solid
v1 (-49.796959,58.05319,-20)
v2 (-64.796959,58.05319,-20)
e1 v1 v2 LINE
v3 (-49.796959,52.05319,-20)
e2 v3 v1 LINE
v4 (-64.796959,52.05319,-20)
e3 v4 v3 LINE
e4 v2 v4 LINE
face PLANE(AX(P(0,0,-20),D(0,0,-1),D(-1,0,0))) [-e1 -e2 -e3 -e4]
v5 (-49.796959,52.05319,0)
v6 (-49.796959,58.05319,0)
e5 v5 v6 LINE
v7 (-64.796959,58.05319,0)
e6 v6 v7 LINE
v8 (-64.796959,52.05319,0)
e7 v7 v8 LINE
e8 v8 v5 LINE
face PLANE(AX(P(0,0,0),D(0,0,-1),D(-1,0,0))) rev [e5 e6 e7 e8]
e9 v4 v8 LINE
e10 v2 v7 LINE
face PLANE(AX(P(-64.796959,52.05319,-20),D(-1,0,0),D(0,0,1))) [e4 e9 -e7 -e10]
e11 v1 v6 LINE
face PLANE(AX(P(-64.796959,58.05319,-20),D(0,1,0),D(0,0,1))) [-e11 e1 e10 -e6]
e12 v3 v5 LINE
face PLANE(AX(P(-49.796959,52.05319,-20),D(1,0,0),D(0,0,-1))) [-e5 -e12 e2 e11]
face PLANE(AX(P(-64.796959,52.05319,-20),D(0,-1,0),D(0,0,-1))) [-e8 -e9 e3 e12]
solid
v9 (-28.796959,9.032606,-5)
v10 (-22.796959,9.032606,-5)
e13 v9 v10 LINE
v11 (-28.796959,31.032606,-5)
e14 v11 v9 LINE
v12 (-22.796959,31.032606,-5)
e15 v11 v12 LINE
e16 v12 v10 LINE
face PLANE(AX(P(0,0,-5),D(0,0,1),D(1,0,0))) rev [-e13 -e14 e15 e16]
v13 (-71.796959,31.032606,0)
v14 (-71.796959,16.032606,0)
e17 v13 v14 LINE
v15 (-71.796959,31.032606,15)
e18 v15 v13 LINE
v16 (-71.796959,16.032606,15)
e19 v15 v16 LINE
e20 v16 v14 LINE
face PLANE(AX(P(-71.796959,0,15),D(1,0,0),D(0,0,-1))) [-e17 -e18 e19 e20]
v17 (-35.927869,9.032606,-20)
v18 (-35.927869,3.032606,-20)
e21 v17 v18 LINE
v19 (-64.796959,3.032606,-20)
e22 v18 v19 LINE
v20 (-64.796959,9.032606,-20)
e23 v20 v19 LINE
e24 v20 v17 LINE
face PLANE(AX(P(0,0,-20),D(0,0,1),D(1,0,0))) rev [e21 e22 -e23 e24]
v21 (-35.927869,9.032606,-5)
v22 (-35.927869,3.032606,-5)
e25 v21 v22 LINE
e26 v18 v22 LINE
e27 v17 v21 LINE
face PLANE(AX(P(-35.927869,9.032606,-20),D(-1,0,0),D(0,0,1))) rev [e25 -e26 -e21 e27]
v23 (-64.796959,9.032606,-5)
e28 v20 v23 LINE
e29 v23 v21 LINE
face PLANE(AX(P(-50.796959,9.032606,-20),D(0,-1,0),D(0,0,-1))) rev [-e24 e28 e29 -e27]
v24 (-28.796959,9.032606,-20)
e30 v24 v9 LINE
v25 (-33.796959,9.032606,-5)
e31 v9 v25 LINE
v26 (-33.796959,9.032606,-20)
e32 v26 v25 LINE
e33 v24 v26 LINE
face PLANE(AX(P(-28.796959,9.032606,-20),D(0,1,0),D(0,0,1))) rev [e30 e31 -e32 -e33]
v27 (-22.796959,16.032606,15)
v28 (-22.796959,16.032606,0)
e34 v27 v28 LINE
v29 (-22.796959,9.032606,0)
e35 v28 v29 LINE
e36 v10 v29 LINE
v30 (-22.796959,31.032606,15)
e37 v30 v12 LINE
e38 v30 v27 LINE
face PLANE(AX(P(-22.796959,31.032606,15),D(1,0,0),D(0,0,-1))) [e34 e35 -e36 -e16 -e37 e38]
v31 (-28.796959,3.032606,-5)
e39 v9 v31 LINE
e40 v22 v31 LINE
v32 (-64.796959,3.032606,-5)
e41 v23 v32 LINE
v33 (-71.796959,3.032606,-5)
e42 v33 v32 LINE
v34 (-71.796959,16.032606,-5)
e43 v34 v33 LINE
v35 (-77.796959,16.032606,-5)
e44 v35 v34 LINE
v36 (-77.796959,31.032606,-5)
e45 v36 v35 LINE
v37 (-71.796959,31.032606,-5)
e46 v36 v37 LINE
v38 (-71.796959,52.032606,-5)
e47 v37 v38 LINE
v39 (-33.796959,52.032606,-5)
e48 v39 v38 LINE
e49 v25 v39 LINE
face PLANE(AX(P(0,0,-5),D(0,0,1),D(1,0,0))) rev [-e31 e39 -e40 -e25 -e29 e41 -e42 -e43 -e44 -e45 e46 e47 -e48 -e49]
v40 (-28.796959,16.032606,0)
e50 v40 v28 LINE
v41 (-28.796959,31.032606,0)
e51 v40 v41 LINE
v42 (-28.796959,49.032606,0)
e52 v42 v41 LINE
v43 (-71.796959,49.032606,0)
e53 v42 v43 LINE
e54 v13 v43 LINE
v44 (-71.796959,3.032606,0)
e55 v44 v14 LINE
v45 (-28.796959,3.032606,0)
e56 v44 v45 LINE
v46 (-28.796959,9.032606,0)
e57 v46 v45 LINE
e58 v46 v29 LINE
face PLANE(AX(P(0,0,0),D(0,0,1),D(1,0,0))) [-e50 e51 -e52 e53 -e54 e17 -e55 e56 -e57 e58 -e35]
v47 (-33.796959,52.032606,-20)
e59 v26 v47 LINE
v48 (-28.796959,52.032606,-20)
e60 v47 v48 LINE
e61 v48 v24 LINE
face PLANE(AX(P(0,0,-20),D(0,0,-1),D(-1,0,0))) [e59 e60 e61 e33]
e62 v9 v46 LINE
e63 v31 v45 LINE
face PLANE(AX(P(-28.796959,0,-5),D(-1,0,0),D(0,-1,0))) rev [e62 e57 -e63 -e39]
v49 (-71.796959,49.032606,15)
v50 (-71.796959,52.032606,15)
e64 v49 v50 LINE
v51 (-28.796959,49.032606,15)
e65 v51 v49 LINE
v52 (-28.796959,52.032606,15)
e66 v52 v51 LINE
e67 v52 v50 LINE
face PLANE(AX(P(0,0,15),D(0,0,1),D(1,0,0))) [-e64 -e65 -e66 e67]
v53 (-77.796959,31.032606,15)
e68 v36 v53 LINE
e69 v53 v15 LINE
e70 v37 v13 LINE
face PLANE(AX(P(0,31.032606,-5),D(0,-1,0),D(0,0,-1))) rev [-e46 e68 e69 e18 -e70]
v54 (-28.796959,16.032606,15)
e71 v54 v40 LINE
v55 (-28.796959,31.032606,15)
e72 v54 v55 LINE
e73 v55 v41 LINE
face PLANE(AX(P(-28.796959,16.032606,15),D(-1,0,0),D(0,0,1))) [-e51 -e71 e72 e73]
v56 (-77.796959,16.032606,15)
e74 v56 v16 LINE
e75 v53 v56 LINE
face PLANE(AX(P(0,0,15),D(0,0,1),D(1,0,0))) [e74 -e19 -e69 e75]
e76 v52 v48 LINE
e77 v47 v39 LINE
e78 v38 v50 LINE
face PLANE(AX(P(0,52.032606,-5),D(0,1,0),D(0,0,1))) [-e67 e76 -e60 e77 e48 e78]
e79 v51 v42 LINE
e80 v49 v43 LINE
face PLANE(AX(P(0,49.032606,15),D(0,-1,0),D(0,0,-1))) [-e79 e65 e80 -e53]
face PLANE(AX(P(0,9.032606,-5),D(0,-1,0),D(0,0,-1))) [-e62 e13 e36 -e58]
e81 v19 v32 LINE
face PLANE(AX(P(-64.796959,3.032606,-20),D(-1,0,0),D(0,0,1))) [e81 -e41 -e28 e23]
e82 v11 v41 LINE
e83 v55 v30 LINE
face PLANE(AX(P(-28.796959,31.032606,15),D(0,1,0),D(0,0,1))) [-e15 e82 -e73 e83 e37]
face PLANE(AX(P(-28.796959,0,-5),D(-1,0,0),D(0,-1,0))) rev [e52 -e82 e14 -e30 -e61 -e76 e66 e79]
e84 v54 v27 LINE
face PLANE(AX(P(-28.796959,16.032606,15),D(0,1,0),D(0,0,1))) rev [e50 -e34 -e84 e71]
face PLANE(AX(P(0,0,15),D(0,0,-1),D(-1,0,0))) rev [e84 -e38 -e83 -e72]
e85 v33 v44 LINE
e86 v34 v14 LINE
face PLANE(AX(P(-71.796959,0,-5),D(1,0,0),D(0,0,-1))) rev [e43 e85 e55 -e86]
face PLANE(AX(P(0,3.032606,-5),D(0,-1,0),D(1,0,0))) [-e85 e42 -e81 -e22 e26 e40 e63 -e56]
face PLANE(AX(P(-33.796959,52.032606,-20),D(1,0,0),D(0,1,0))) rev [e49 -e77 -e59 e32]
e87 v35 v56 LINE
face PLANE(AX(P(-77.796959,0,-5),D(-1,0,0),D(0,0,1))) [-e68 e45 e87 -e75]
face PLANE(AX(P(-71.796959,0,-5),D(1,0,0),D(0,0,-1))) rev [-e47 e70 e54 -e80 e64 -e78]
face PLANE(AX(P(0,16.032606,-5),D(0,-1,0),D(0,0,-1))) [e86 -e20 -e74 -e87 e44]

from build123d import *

# Parameters (mm, degrees)
SKETCH_1_W          = 6
SKETCH_1_H          = 15
EXTRUDE_3_DEPTH     = 15
SKETCH_1_7_W        = 6
SKETCH_1_7_H        = 15
EXTRUDE_3_2_DEPTH   = 15
EXTRUDE_4_DEPTH     = 15
SKETCH_1_11_W       = 18
SKETCH_1_11_H       = 18
SKETCH_1_11_W_2     = 6
SKETCH_1_11_H_2     = 15
SKETCH_1_11_W_3     = 15
SKETCH_1_11_H_3     = 6
SKETCH_1_11_W_4     = 7
EXTRUDE_5_DEPTH     = 5
SKETCH_1_13_W       = 3
SKETCH_1_13_H       = 40
EXTRUDE_10_DEPTH    = 20
SKETCH_3_W          = 14.869090603
SKETCH_3_H          = 6
EXTRUDE_15_DEPTH    = 15
SKETCH_4_W          = 22
SKETCH_4_H          = 6
SKETCH_4_W_2        = 7
CUT_EXTRUDE_2_DEPTH = 100.096671025
SKETCH_8_W          = 14.869090603
SKETCH_8_H          = 6
CUT_EXTRUDE_3_DEPTH = 104.17533721
SKETCH_10_W         = 15
SKETCH_10_H         = 6
EXTRUDE_16_DEPTH    = 20
SKETCH_15_W         = 7
SKETCH_15_H         = 6
EXTRUDE_17_DEPTH    = 5
SKETCH_16_W         = 15
SKETCH_16_H         = 6
EXTRUDE_18_DEPTH    = 20
SKETCH_17_W         = 3
SKETCH_17_H         = 40
CUT_EXTRUDE_5_DEPTH = 100.108727035
SKETCH_18_W         = 5
SKETCH_18_H         = 43
EXTRUDE_19_DEPTH    = 15


with BuildPart() as part:
    # 草图1 → Extrude 3 (new body)
    with BuildSketch(Plane.XY):
        with Locations((-25.796959303, 23.532605762)):
            Rectangle(SKETCH_1_W, SKETCH_1_H)
    extrude(amount=EXTRUDE_3_DEPTH)



with BuildPart() as body_2:
    # 草图1<7> → Extrude 3 2 (new body)
    with BuildSketch(Plane.XY):
        with Locations((-74.796959303, 23.532605762)):
            Rectangle(SKETCH_1_7_W, SKETCH_1_7_H)
    extrude(amount=EXTRUDE_3_2_DEPTH)


with BuildPart() as body_3:
    # 草图1<8> → 凸台-拉伸4 (new body)
    with BuildSketch(Plane.XY):
        Polygon((-71.796959303, 49.032605762), (-68.796959303, 49.032605762), (-50.796959303, 49.032605762), (-28.796959303, 49.032605762), (-28.796959303, 52.032605762), (-35.796959303, 52.032605762), (-50.796959303, 52.032605762), (-71.796959303, 52.032605762), align=None)
    extrude(amount=EXTRUDE_4_DEPTH)


with BuildPart() as part_1:
    add(part.part)

    add(body_2.part)  # 凸台-拉伸5 merges body 2

    add(body_3.part)  # 凸台-拉伸5 merges body 3
    # 草图1<11> → 凸台-拉伸5 (add)
    with BuildSketch(Plane.XY):
        Polygon((-68.796959303, 9.032605762), (-50.796959303, 9.032605762), (-35.796959303, 9.032605762), (-35.796959303, 3.032605762), (-28.796959303, 3.032605762), (-28.796959303, 9.032605762), (-22.796959303, 9.032605762), (-22.796959303, 16.032605762), (-28.796959303, 16.032605762), (-28.796959303, 31.032605762), (-28.796959303, 49.032605762), (-50.796959303, 49.032605762), (-50.796959303, 31.032605762), (-68.796959303, 31.032605762), align=None)
        with Locations((-59.796959303, 40.032605762)):
            Rectangle(SKETCH_1_11_W, SKETCH_1_11_H)
        with Locations((-25.796959303, 23.532605762)):
            Rectangle(SKETCH_1_11_W_2, SKETCH_1_11_H_2)
        with Locations((-74.796959303, 23.532605762)):
            Rectangle(SKETCH_1_11_W_2, SKETCH_1_11_H_2)
        Polygon((-71.796959303, 9.032605762), (-68.796959303, 9.032605762), (-68.796959303, 31.032605762), (-68.796959303, 49.032605762), (-71.796959303, 49.032605762), (-71.796959303, 31.032605762), (-71.796959303, 16.032605762), align=None)
        Polygon((-71.796959303, 49.032605762), (-68.796959303, 49.032605762), (-50.796959303, 49.032605762), (-28.796959303, 49.032605762), (-28.796959303, 52.032605762), (-35.796959303, 52.032605762), (-50.796959303, 52.032605762), (-71.796959303, 52.032605762), align=None)
        with Locations((-43.296959303, 55.032605762)):
            Rectangle(SKETCH_1_11_W_3, SKETCH_1_11_H_3)
        with Locations((-32.296959303, 55.032605762)):
            Rectangle(SKETCH_1_11_W_4, SKETCH_1_11_H_3)
        with Locations((-43.296959303, 6.032605762)):
            Rectangle(SKETCH_1_11_W_3, SKETCH_1_11_H_3)
    extrude(amount=-EXTRUDE_5_DEPTH)

    # 草图1<13> → 凸台-拉伸10 (add)
    with BuildSketch(Plane.XY):
        with Locations((-70.296959303, 29.032605762)):
            Rectangle(SKETCH_1_13_W, SKETCH_1_13_H)
    extrude(amount=-EXTRUDE_10_DEPTH)

    # 草图3 → 凸台-拉伸15 (add)
    with BuildSketch(Plane(origin=(0, 0, -5), x_dir=(-1, 0, 0), z_dir=(0, 0, -1))):
        with Locations((43.362414001, 55.032605762)):
            Rectangle(SKETCH_3_W, SKETCH_3_H)
        with Locations((43.362414001, 6.032605762)):
            Rectangle(SKETCH_3_W, SKETCH_3_H)
    extrude(amount=EXTRUDE_15_DEPTH)

    # 草图4 → 切除-拉伸2 (cut, through all)
    with BuildSketch(Plane(origin=(0, 0, -5), x_dir=(-1, 0, 0), z_dir=(0, 0, -1))):
        with Locations((39.796959303, 55.032605762)):
            Rectangle(SKETCH_4_W, SKETCH_4_H)
        with Locations((68.296959303, 55.032605762)):
            Rectangle(SKETCH_4_W_2, SKETCH_4_H)
    extrude(amount=-CUT_EXTRUDE_2_DEPTH, mode=Mode.SUBTRACT)


with BuildPart() as cut_extrude_2_piece_1:
    # of the separate pieces the step leaves, piece 1, a body of its own (cut_extrude_2_pieces)
    add(part_1.part.solids().sort_by_distance((-28.796959303, 31.032605762, 0))[0])

    # 草图15 → 凸台-拉伸17 (add)
    with BuildSketch(Plane.XY):
        with Locations((-68.296959303, 6.032605762)):
            Rectangle(SKETCH_15_W, SKETCH_15_H)
    extrude(amount=-EXTRUDE_17_DEPTH)

    # 草图16 → 凸台-拉伸18 (add)
    with BuildSketch(Plane.XY):
        with Locations((-57.296959303, 6.032605762)):
            Rectangle(SKETCH_16_W, SKETCH_16_H)
    extrude(amount=-EXTRUDE_18_DEPTH)

    # 草图17 → 切除-拉伸5 (cut, through all)
    with BuildSketch(Plane(origin=(0, 0, -5), x_dir=(-1, 0, 0), z_dir=(0, 0, -1))):
        with Locations((70.296959303, 29.032605762)):
            Rectangle(SKETCH_17_W, SKETCH_17_H)
    extrude(amount=CUT_EXTRUDE_5_DEPTH, mode=Mode.SUBTRACT)

    # 草图18 → 凸台-拉伸19 (add)
    with BuildSketch(Plane(origin=(0, 0, -5), x_dir=(-1, 0, 0), z_dir=(0, 0, -1))):
        with Locations((31.296959303, 30.532605762)):
            Rectangle(SKETCH_18_W, SKETCH_18_H)
    extrude(amount=EXTRUDE_19_DEPTH)


with BuildPart() as cut_extrude_2_piece_2:
    # of the separate pieces the step leaves, piece 2, a body of its own (cut_extrude_2_pieces)
    add(part_1.part.solids().sort_by_distance((-50.796959303, 52.032605762, -20))[0])

    # 草图8 → 切除-拉伸3 (cut, through all)
    with BuildSketch(Plane(origin=(0, 0, -20), x_dir=(-1, 0, 0), z_dir=(0, 0, -1))):
        with Locations((43.362414001, 55.032605762)):
            Rectangle(SKETCH_8_W, SKETCH_8_H)
    extrude(amount=-CUT_EXTRUDE_3_DEPTH, mode=Mode.SUBTRACT)


with BuildPart() as body_2_2:
    # 草图10 → 凸台-拉伸16 (new body)
    with BuildSketch(Plane.XY):
        with Locations((-57.296959303, 55.053190245)):
            Rectangle(SKETCH_10_W, SKETCH_10_H)
    extrude(amount=-EXTRUDE_16_DEPTH)


solid = Compound([cut_extrude_2_piece_1.part, body_2_2.part])
